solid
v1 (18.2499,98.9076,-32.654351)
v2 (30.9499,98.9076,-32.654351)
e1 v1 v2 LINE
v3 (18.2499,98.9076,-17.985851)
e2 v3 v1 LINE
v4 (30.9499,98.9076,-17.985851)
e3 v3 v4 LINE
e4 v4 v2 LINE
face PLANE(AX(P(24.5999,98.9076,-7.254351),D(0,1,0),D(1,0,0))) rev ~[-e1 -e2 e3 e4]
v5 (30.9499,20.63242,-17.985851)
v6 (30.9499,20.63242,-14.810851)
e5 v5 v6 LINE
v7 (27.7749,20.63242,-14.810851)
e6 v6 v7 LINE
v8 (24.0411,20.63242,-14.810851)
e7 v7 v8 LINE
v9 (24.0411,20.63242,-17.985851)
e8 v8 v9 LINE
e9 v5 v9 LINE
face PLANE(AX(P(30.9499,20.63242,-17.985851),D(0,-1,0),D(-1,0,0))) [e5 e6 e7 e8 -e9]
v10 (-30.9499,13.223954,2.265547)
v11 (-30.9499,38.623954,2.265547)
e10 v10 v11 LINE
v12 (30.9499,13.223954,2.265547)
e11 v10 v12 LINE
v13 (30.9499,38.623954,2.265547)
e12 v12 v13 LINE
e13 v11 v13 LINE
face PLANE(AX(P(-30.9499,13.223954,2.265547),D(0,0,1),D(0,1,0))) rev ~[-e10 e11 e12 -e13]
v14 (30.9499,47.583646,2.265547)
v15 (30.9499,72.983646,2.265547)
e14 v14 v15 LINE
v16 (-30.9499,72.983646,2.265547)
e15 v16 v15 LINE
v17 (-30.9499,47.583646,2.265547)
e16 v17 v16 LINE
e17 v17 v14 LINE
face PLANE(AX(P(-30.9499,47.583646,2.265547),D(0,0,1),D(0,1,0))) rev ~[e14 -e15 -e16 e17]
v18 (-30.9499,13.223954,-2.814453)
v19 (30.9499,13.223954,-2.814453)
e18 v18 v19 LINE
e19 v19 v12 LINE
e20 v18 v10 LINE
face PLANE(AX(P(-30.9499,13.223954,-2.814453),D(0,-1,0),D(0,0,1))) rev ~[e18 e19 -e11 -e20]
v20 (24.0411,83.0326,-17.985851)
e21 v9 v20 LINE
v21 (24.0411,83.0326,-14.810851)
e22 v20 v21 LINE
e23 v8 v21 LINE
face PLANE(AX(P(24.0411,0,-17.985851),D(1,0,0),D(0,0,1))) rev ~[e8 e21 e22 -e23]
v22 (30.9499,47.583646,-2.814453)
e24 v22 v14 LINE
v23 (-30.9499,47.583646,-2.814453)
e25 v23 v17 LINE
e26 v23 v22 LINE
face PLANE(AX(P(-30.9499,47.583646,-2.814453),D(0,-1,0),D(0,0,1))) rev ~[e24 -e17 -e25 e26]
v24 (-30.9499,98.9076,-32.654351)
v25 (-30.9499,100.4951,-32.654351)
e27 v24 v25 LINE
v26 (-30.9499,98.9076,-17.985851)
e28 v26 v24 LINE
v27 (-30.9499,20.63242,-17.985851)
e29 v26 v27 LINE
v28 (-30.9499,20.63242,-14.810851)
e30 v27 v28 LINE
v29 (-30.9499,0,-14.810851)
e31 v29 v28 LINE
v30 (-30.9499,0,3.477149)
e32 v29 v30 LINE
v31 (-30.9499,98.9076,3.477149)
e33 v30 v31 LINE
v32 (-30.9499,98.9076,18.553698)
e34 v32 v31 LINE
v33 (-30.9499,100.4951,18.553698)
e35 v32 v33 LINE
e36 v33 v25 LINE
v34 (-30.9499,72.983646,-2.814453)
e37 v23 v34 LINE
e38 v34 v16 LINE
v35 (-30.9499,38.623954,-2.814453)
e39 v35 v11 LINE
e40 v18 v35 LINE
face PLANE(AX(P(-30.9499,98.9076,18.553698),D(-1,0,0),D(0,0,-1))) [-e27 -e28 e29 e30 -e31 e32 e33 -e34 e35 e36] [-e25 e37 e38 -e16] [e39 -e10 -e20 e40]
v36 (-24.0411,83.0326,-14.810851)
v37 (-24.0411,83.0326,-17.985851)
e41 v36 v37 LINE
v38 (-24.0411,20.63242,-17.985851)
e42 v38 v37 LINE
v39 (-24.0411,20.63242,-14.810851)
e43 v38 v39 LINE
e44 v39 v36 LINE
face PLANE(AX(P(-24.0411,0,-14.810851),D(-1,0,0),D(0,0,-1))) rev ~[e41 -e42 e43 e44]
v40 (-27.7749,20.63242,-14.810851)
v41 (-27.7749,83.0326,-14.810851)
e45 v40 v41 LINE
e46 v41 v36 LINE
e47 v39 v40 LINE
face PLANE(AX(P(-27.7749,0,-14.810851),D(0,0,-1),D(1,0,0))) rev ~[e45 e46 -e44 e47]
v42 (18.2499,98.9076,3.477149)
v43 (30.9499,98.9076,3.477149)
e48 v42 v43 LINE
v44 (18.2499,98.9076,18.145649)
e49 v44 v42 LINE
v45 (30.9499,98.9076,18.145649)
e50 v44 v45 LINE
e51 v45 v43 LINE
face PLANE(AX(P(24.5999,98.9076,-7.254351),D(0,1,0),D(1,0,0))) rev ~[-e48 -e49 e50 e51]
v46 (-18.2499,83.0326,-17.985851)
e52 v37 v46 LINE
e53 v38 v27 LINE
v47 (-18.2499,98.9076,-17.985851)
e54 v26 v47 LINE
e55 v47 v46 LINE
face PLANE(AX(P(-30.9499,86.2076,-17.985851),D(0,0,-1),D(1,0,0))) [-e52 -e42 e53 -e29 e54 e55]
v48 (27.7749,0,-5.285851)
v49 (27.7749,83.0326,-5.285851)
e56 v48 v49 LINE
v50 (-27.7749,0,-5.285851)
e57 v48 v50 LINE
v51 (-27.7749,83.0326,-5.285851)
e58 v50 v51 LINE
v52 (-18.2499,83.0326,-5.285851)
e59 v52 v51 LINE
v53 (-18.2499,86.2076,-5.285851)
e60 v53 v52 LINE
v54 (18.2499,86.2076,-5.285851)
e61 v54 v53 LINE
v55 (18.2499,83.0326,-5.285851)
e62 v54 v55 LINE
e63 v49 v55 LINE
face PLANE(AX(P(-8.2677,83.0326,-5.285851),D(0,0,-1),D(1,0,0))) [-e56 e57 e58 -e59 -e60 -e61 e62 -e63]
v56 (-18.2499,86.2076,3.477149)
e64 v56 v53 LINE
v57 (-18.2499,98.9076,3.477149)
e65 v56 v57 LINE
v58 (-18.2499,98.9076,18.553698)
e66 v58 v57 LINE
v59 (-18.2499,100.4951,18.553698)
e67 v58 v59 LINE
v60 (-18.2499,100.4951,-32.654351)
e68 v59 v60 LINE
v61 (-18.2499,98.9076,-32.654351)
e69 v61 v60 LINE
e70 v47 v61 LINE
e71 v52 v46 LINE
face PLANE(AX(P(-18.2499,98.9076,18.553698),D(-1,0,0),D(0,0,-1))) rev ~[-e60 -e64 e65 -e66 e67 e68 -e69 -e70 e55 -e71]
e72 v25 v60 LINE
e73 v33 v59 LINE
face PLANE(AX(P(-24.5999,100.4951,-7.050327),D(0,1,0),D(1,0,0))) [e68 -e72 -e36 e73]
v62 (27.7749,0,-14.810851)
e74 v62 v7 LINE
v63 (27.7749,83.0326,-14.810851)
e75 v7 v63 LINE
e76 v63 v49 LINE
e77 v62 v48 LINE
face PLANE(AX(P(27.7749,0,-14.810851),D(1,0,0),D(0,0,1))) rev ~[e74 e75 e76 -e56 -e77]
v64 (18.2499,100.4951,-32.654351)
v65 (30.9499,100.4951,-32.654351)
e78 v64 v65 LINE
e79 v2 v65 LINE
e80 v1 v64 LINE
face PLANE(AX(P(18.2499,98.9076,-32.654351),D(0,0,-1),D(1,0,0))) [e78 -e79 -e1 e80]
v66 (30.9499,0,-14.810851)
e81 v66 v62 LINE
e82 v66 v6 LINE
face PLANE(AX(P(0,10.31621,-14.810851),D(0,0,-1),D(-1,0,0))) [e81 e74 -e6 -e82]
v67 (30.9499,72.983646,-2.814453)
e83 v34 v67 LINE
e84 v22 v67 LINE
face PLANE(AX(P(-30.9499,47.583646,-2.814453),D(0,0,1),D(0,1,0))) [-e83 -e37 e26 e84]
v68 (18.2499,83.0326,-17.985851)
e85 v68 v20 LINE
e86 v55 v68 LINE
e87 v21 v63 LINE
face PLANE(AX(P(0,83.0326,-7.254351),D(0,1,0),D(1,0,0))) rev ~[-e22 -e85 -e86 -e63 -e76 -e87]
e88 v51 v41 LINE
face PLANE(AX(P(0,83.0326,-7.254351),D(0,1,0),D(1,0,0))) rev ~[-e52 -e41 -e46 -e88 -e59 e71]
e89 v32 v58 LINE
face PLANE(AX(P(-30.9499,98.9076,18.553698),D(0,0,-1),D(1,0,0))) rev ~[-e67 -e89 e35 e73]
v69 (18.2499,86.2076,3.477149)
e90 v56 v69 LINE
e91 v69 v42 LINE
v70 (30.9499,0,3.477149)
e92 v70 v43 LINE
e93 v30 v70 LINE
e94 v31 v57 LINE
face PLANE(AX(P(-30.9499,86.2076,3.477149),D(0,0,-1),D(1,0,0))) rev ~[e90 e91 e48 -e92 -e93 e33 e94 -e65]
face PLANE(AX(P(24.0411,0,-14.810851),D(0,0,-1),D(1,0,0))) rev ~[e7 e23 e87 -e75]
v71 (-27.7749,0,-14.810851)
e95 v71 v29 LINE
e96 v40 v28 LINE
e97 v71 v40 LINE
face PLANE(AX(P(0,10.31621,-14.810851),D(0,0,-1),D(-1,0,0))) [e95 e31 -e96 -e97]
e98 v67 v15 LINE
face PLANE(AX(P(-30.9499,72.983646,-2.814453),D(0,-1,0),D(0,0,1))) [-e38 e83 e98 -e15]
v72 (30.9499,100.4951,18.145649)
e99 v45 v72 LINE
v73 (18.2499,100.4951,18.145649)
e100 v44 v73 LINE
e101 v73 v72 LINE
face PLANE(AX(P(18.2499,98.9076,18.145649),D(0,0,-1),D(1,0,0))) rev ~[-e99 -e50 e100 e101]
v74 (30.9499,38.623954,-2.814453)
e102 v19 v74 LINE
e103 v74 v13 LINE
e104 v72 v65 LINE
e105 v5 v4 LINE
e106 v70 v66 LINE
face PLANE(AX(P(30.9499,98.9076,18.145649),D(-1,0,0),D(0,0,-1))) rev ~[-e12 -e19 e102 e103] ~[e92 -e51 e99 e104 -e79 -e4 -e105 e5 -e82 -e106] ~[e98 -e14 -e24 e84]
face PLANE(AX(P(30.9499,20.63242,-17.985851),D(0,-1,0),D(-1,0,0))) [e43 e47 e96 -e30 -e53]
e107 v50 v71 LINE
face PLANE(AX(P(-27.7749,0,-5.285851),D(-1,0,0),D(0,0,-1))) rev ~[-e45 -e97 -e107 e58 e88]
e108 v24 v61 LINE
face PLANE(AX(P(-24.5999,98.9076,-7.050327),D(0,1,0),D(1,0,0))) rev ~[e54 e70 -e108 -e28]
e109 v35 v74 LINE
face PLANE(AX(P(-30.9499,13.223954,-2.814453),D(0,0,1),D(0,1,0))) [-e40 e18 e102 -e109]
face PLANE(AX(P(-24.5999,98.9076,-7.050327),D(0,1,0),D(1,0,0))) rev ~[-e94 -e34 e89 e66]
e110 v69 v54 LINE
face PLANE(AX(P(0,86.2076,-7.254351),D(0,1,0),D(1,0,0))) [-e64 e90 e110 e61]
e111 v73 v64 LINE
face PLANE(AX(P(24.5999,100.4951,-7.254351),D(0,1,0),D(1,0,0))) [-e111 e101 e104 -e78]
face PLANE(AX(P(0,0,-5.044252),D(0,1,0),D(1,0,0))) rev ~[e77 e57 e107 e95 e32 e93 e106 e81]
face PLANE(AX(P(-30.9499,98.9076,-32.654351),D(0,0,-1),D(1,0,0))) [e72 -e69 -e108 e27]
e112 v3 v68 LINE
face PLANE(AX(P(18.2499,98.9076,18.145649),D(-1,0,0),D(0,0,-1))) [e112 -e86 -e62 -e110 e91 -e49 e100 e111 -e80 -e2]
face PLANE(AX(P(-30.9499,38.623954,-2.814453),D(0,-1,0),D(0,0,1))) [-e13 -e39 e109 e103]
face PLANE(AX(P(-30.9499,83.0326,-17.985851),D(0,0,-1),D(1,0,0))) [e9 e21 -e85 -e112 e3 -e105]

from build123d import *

# Parameters (mm, degrees)
BOSS_EXTRUDE1_DEPTH = 83.0326
SKETCH6_W           = 61.8998
SKETCH6_H           = 21.463
BOSS_EXTRUDE3_DEPTH = 3.175
SKETCH7_W           = 16.5354
SKETCH7_H           = 9.525
CUT_EXTRUDE2_DEPTH  = 91.420129415
SKETCH8_W           = 5.08
SKETCH8_H           = 25.4
CUT_EXTRUDE3_DEPTH  = 108.64212172
SKETCH15_W          = 61.8998
SKETCH15_H          = 20.63242
CUT_EXTRUDE4_DEPTH  = 3.175
SKETCH16_W          = 36.4998
SKETCH16_H          = 12.7
CUT_EXTRUDE5_DEPTH  = 3.175
SKETCH17_W          = 12.7
SKETCH17_H          = 21.463
BOSS_EXTRUDE4_DEPTH = 12.7
SKETCH18_W          = 12.7
SKETCH18_H          = 50.8
BOSS_EXTRUDE5_DEPTH = 1.5875
SKETCH19_W          = 12.7
SKETCH19_H          = 51.208048645
BOSS_EXTRUDE6_DEPTH = 1.5875


with BuildPart() as part:
    # Sketch1 → Boss-Extrude1 (new body)
    with BuildSketch(Plane(origin=(0, 0, 0), x_dir=(1, 0, 0), z_dir=(0, 1, 0))):
        Polygon((-30.9499, -3.477149156), (30.9499, -3.477149156), (30.9499, 17.985850844), (24.0411, 17.985850844), (24.0411, 14.810850844), (27.7749, 14.810850844), (27.7749, 5.285850844), (-27.7749, 5.285850844), (-27.7749, 14.810850844), (-24.0411, 14.810850844), (-24.0411, 17.985850844), (-30.9499, 17.985850844), align=None)
    extrude(amount=BOSS_EXTRUDE1_DEPTH)

    # Sketch6 → Boss-Extrude3 (add)
    with BuildSketch(Plane(origin=(0, 83.0326, 0), x_dir=(1, 0, 0), z_dir=(0, 1, 0))):
        with Locations((0, 7.254350844)):
            Rectangle(SKETCH6_W, SKETCH6_H)
    extrude(amount=BOSS_EXTRUDE3_DEPTH)

    # Sketch7 → Cut-Extrude2 (cut, through all)
    with BuildSketch(Plane.XZ.offset(-83.0326)):
        with Locations((0, -10.048350844)):
            Rectangle(SKETCH7_W, SKETCH7_H)
    extrude(amount=-CUT_EXTRUDE2_DEPTH, mode=Mode.SUBTRACT)

    # Sketch8 → Cut-Extrude3 (cut, through all)
    with BuildSketch(Plane.ZY.offset(30.9499)):
        with Locations((-0.274453158, 60.28364576)):
            Rectangle(SKETCH8_W, SKETCH8_H)
        with Locations((-0.274453158, 25.92395424)):
            Rectangle(SKETCH8_W, SKETCH8_H)
    extrude(amount=-CUT_EXTRUDE3_DEPTH, mode=Mode.SUBTRACT)

    # Sketch15 → Cut-Extrude4 (cut)
    with BuildSketch(Plane(origin=(0, 0, -17.985850844), x_dir=(-1, 0, 0), z_dir=(0, 0, -1))):
        with Locations((0, 10.31621)):
            Rectangle(SKETCH15_W, SKETCH15_H)
    extrude(amount=-CUT_EXTRUDE4_DEPTH, mode=Mode.SUBTRACT)

    # Sketch16 → Cut-Extrude5 (cut)
    with BuildSketch(Plane(origin=(0, 86.2076, 0), x_dir=(1, 0, 0), z_dir=(0, 1, 0))):
        with Locations((0, 11.635850844)):
            Rectangle(SKETCH16_W, SKETCH16_H)
    extrude(amount=-CUT_EXTRUDE5_DEPTH, mode=Mode.SUBTRACT)

    # Sketch17 → Boss-Extrude4 (add)
    with BuildSketch(Plane(origin=(0, 86.2076, 0), x_dir=(1, 0, 0), z_dir=(0, 1, 0))):
        with Locations((-24.5999, 7.254350844)):
            Rectangle(SKETCH17_W, SKETCH17_H)
        with Locations((24.5999, 7.254350844)):
            Rectangle(SKETCH17_W, SKETCH17_H)
    extrude(amount=BOSS_EXTRUDE4_DEPTH)

    # Sketch18 → Boss-Extrude5 (add)
    with BuildSketch(Plane(origin=(0, 98.9076, 0), x_dir=(1, 0, 0), z_dir=(0, 1, 0))):
        with Locations((24.5999, 7.254350844)):
            Rectangle(SKETCH18_W, SKETCH18_H)
    extrude(amount=BOSS_EXTRUDE5_DEPTH)

    # Sketch19 → Boss-Extrude6 (add)
    with BuildSketch(Plane(origin=(0, 98.9076, 0), x_dir=(1, 0, 0), z_dir=(0, 1, 0))):
        with Locations((-24.5999, 7.050326521)):
            Rectangle(SKETCH19_W, SKETCH19_H)
    extrude(amount=BOSS_EXTRUDE6_DEPTH)


solid = part.part
